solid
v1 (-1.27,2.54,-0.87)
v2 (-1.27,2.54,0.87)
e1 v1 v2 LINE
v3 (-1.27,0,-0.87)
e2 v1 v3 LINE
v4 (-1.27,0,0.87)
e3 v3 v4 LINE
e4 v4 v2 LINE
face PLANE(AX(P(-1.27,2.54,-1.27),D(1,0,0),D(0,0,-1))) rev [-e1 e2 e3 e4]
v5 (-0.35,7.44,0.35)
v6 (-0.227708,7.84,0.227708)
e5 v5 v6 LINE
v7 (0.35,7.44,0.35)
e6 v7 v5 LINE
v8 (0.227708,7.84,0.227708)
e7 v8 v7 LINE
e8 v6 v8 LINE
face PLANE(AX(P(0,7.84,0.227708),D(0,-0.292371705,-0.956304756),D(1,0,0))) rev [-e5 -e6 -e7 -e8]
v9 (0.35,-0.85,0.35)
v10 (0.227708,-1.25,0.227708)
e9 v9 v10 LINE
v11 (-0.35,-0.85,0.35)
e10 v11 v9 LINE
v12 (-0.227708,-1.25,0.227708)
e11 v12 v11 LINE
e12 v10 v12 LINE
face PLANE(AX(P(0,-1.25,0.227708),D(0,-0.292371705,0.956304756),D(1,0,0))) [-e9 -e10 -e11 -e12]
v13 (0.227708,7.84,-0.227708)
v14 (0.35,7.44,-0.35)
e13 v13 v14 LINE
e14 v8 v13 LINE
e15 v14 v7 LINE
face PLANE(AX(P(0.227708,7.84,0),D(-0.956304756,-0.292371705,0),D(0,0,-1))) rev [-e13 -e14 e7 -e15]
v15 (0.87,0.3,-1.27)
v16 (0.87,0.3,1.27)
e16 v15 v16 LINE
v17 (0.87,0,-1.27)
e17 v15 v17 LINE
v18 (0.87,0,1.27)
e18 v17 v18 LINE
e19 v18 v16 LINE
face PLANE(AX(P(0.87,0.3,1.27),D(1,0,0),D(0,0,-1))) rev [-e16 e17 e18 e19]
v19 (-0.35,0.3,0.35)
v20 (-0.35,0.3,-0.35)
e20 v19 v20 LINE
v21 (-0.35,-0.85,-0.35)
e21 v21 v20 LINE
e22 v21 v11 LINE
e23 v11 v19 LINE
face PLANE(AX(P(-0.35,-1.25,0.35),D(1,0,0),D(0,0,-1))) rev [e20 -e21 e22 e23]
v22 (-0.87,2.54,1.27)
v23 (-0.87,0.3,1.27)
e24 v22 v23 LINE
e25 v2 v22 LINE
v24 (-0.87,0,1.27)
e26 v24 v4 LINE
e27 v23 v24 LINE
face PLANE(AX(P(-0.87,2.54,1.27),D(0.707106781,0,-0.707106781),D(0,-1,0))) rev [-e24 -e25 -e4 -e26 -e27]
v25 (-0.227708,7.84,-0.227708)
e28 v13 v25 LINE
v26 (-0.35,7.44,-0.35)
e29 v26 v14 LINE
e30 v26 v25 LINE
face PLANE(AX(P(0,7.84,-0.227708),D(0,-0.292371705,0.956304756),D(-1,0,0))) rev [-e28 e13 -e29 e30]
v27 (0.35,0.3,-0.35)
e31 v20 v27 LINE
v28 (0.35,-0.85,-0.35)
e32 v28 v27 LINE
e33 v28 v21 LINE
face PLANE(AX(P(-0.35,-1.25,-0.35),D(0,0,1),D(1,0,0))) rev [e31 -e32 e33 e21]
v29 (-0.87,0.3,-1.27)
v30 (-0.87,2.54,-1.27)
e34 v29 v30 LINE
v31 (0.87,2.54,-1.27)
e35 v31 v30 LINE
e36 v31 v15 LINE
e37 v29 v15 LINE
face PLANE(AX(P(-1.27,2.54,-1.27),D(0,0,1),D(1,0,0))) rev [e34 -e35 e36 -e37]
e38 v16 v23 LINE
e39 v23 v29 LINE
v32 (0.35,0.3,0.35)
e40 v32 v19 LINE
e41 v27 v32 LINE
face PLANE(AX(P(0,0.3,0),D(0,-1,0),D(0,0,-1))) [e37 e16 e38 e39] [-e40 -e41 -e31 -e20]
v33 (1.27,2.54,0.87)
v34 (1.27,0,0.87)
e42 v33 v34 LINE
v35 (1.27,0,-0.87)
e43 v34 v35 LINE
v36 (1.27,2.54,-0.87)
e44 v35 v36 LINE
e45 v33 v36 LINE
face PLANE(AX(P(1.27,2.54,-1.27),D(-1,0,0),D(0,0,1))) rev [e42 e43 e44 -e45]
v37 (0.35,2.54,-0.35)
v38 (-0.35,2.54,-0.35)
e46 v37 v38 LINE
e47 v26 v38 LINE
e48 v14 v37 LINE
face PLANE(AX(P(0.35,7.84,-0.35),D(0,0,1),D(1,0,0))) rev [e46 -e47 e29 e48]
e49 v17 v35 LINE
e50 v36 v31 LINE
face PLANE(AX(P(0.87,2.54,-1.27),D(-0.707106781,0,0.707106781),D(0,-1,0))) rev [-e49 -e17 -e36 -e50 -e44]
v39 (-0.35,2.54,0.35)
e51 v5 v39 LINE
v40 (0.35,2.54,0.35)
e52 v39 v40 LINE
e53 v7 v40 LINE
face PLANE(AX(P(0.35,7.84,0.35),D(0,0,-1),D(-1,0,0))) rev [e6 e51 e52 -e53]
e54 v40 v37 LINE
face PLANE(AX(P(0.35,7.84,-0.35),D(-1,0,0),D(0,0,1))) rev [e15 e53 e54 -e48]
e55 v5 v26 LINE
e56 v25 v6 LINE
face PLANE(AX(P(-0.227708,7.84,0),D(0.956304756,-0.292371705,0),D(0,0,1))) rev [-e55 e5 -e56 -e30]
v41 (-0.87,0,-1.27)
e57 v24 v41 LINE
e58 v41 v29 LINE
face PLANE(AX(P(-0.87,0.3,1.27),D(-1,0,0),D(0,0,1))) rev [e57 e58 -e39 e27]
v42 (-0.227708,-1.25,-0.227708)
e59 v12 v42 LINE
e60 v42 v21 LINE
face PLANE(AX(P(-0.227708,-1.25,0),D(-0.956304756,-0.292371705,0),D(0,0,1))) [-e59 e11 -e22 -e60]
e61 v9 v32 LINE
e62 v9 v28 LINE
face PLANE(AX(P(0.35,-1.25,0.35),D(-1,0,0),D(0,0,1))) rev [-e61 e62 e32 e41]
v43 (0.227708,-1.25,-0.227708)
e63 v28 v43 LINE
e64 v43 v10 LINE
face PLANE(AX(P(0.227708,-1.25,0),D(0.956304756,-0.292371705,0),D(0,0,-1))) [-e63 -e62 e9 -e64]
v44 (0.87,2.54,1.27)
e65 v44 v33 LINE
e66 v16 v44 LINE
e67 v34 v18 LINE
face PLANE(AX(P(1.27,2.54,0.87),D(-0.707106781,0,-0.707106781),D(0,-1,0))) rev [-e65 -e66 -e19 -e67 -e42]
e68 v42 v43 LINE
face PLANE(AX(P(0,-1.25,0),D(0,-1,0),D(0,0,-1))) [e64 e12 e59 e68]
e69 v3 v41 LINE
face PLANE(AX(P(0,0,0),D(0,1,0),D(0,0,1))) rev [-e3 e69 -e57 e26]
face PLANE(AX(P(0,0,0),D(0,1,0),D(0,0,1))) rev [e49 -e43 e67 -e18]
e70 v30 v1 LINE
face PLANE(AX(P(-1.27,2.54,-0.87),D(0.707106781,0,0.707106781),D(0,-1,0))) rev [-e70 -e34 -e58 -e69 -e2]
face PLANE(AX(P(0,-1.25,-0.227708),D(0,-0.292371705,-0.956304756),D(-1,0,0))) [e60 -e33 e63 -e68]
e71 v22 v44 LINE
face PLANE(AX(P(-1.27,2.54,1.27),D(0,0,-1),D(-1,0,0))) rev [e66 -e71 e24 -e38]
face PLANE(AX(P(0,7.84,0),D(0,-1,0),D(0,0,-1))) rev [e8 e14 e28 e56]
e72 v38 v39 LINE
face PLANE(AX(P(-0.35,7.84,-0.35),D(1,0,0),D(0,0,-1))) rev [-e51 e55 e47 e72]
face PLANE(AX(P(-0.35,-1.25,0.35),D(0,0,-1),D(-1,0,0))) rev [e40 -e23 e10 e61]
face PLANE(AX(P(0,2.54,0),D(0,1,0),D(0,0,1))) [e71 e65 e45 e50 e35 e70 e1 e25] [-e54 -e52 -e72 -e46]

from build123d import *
from OCP.BRepFilletAPI import BRepFilletAPI_MakeChamfer

# Parameters (mm, degrees)
SKETCH1_W           = 2.54
SKETCH1_H           = 2.54
BOSS_EXTRUDE1_DEPTH = 2.54
CHAMFER1_SIZE       = 0.4
SKETCH2_W           = 1.74
SKETCH2_H           = 2.54
CUT_EXTRUDE1_DEPTH  = 0.3
SKETCH3_W           = 0.7
SKETCH3_H           = 0.7
BOSS_EXTRUDE2_DEPTH = 5.3
SKETCH4_W           = 0.7
SKETCH4_H           = 0.7
BOSS_EXTRUDE3_DEPTH = 1.55
CHAMFER2_SIZE       = 0.4
CHAMFER2_SIZE2      = 0.122292273


with BuildPart() as part:
    # Sketch1 → Boss-Extrude1 (new body)
    with BuildSketch(Plane(origin=(0, 0, 0), x_dir=(1, 0, 0), z_dir=(0, 1, 0))):
        Rectangle(SKETCH1_W, SKETCH1_H)
    extrude(amount=BOSS_EXTRUDE1_DEPTH)

    # Chamfer1
    chamfer1_edges = [part.edges().sort_by_distance(p)[0] for p in [
        (1.27, 1.27, 1.27),
        (-1.27, 1.27, 1.27),
        (-1.27, 1.27, -1.27),
        (1.27, 1.27, -1.27),
    ]]
    chamfer(chamfer1_edges, length=CHAMFER1_SIZE)

    # Sketch2 → Cut-Extrude1 (cut)
    with BuildSketch(Plane.XZ):
        Rectangle(SKETCH2_W, SKETCH2_H)
    extrude(amount=-CUT_EXTRUDE1_DEPTH, mode=Mode.SUBTRACT)

    # Sketch3 → Boss-Extrude2 (add)
    with BuildSketch(Plane(origin=(0, 2.54, 0), x_dir=(1, 0, 0), z_dir=(0, 1, 0))):
        Rectangle(SKETCH3_W, SKETCH3_H)
    extrude(amount=BOSS_EXTRUDE2_DEPTH)

    # Sketch4 → Boss-Extrude3 (add)
    with BuildSketch(Plane.XZ.offset(-0.3)):
        Rectangle(SKETCH4_W, SKETCH4_H)
    extrude(amount=BOSS_EXTRUDE3_DEPTH)

    # Chamfer2: one chamfer whose edges measure the first distance from different faces: ONE call of the kernel's chamfer builder (chamfer() names one face for all edges)
    chamfer2_edges_1 = [part.edges().sort_by_distance(p)[0] for p in [
        (-0.35, 7.84, 0),
    ]]
    chamfer2_side_1 = [part.faces().sort_by_distance(p)[0] for p in [
        (-0.35, 5.19, 0),
    ]]
    chamfer2_edges_2 = [part.edges().sort_by_distance(p)[0] for p in [
        (0, 7.84, 0.35),
    ]]
    chamfer2_side_2 = [part.faces().sort_by_distance(p)[0] for p in [
        (0, 5.19, 0.35),
    ]]
    chamfer2_edges_3 = [part.edges().sort_by_distance(p)[0] for p in [
        (0.35, 7.84, 0),
    ]]
    chamfer2_side_3 = [part.faces().sort_by_distance(p)[0] for p in [
        (0.35, 5.19, 0),
    ]]
    chamfer2_edges_4 = [part.edges().sort_by_distance(p)[0] for p in [
        (0, 7.84, -0.35),
    ]]
    chamfer2_side_4 = [part.faces().sort_by_distance(p)[0] for p in [
        (0, 5.19, -0.35),
    ]]
    chamfer2_edges_5 = [part.edges().sort_by_distance(p)[0] for p in [
        (0.35, -1.25, 0),
    ]]
    chamfer2_side_5 = [part.faces().sort_by_distance(p)[0] for p in [
        (0.35, -0.475, 0),
    ]]
    chamfer2_edges_6 = [part.edges().sort_by_distance(p)[0] for p in [
        (0, -1.25, 0.35),
    ]]
    chamfer2_side_6 = [part.faces().sort_by_distance(p)[0] for p in [
        (0, -0.475, 0.35),
    ]]
    chamfer2_edges_7 = [part.edges().sort_by_distance(p)[0] for p in [
        (-0.35, -1.25, 0),
    ]]
    chamfer2_side_7 = [part.faces().sort_by_distance(p)[0] for p in [
        (-0.35, -0.475, 0),
    ]]
    chamfer2_edges_8 = [part.edges().sort_by_distance(p)[0] for p in [
        (0, -1.25, -0.35),
    ]]
    chamfer2_side_8 = [part.faces().sort_by_distance(p)[0] for p in [
        (0, -0.475, -0.35),
    ]]
    chamfer2 = BRepFilletAPI_MakeChamfer(part.part.solid().wrapped)
    for e in chamfer2_edges_1:
        chamfer2.Add(CHAMFER2_SIZE, CHAMFER2_SIZE2, e.wrapped, chamfer2_side_1[0].wrapped)  # the first distance lies on this face
    for e in chamfer2_edges_2:
        chamfer2.Add(CHAMFER2_SIZE, CHAMFER2_SIZE2, e.wrapped, chamfer2_side_2[0].wrapped)  # the first distance lies on this face
    for e in chamfer2_edges_3:
        chamfer2.Add(CHAMFER2_SIZE, CHAMFER2_SIZE2, e.wrapped, chamfer2_side_3[0].wrapped)  # the first distance lies on this face
    for e in chamfer2_edges_4:
        chamfer2.Add(CHAMFER2_SIZE, CHAMFER2_SIZE2, e.wrapped, chamfer2_side_4[0].wrapped)  # the first distance lies on this face
    for e in chamfer2_edges_5:
        chamfer2.Add(CHAMFER2_SIZE, CHAMFER2_SIZE2, e.wrapped, chamfer2_side_5[0].wrapped)  # the first distance lies on this face
    for e in chamfer2_edges_6:
        chamfer2.Add(CHAMFER2_SIZE, CHAMFER2_SIZE2, e.wrapped, chamfer2_side_6[0].wrapped)  # the first distance lies on this face
    for e in chamfer2_edges_7:
        chamfer2.Add(CHAMFER2_SIZE, CHAMFER2_SIZE2, e.wrapped, chamfer2_side_7[0].wrapped)  # the first distance lies on this face
    for e in chamfer2_edges_8:
        chamfer2.Add(CHAMFER2_SIZE, CHAMFER2_SIZE2, e.wrapped, chamfer2_side_8[0].wrapped)  # the first distance lies on this face
    add(Compound.cast(chamfer2.Shape()), mode=Mode.REPLACE)


solid = part.part
